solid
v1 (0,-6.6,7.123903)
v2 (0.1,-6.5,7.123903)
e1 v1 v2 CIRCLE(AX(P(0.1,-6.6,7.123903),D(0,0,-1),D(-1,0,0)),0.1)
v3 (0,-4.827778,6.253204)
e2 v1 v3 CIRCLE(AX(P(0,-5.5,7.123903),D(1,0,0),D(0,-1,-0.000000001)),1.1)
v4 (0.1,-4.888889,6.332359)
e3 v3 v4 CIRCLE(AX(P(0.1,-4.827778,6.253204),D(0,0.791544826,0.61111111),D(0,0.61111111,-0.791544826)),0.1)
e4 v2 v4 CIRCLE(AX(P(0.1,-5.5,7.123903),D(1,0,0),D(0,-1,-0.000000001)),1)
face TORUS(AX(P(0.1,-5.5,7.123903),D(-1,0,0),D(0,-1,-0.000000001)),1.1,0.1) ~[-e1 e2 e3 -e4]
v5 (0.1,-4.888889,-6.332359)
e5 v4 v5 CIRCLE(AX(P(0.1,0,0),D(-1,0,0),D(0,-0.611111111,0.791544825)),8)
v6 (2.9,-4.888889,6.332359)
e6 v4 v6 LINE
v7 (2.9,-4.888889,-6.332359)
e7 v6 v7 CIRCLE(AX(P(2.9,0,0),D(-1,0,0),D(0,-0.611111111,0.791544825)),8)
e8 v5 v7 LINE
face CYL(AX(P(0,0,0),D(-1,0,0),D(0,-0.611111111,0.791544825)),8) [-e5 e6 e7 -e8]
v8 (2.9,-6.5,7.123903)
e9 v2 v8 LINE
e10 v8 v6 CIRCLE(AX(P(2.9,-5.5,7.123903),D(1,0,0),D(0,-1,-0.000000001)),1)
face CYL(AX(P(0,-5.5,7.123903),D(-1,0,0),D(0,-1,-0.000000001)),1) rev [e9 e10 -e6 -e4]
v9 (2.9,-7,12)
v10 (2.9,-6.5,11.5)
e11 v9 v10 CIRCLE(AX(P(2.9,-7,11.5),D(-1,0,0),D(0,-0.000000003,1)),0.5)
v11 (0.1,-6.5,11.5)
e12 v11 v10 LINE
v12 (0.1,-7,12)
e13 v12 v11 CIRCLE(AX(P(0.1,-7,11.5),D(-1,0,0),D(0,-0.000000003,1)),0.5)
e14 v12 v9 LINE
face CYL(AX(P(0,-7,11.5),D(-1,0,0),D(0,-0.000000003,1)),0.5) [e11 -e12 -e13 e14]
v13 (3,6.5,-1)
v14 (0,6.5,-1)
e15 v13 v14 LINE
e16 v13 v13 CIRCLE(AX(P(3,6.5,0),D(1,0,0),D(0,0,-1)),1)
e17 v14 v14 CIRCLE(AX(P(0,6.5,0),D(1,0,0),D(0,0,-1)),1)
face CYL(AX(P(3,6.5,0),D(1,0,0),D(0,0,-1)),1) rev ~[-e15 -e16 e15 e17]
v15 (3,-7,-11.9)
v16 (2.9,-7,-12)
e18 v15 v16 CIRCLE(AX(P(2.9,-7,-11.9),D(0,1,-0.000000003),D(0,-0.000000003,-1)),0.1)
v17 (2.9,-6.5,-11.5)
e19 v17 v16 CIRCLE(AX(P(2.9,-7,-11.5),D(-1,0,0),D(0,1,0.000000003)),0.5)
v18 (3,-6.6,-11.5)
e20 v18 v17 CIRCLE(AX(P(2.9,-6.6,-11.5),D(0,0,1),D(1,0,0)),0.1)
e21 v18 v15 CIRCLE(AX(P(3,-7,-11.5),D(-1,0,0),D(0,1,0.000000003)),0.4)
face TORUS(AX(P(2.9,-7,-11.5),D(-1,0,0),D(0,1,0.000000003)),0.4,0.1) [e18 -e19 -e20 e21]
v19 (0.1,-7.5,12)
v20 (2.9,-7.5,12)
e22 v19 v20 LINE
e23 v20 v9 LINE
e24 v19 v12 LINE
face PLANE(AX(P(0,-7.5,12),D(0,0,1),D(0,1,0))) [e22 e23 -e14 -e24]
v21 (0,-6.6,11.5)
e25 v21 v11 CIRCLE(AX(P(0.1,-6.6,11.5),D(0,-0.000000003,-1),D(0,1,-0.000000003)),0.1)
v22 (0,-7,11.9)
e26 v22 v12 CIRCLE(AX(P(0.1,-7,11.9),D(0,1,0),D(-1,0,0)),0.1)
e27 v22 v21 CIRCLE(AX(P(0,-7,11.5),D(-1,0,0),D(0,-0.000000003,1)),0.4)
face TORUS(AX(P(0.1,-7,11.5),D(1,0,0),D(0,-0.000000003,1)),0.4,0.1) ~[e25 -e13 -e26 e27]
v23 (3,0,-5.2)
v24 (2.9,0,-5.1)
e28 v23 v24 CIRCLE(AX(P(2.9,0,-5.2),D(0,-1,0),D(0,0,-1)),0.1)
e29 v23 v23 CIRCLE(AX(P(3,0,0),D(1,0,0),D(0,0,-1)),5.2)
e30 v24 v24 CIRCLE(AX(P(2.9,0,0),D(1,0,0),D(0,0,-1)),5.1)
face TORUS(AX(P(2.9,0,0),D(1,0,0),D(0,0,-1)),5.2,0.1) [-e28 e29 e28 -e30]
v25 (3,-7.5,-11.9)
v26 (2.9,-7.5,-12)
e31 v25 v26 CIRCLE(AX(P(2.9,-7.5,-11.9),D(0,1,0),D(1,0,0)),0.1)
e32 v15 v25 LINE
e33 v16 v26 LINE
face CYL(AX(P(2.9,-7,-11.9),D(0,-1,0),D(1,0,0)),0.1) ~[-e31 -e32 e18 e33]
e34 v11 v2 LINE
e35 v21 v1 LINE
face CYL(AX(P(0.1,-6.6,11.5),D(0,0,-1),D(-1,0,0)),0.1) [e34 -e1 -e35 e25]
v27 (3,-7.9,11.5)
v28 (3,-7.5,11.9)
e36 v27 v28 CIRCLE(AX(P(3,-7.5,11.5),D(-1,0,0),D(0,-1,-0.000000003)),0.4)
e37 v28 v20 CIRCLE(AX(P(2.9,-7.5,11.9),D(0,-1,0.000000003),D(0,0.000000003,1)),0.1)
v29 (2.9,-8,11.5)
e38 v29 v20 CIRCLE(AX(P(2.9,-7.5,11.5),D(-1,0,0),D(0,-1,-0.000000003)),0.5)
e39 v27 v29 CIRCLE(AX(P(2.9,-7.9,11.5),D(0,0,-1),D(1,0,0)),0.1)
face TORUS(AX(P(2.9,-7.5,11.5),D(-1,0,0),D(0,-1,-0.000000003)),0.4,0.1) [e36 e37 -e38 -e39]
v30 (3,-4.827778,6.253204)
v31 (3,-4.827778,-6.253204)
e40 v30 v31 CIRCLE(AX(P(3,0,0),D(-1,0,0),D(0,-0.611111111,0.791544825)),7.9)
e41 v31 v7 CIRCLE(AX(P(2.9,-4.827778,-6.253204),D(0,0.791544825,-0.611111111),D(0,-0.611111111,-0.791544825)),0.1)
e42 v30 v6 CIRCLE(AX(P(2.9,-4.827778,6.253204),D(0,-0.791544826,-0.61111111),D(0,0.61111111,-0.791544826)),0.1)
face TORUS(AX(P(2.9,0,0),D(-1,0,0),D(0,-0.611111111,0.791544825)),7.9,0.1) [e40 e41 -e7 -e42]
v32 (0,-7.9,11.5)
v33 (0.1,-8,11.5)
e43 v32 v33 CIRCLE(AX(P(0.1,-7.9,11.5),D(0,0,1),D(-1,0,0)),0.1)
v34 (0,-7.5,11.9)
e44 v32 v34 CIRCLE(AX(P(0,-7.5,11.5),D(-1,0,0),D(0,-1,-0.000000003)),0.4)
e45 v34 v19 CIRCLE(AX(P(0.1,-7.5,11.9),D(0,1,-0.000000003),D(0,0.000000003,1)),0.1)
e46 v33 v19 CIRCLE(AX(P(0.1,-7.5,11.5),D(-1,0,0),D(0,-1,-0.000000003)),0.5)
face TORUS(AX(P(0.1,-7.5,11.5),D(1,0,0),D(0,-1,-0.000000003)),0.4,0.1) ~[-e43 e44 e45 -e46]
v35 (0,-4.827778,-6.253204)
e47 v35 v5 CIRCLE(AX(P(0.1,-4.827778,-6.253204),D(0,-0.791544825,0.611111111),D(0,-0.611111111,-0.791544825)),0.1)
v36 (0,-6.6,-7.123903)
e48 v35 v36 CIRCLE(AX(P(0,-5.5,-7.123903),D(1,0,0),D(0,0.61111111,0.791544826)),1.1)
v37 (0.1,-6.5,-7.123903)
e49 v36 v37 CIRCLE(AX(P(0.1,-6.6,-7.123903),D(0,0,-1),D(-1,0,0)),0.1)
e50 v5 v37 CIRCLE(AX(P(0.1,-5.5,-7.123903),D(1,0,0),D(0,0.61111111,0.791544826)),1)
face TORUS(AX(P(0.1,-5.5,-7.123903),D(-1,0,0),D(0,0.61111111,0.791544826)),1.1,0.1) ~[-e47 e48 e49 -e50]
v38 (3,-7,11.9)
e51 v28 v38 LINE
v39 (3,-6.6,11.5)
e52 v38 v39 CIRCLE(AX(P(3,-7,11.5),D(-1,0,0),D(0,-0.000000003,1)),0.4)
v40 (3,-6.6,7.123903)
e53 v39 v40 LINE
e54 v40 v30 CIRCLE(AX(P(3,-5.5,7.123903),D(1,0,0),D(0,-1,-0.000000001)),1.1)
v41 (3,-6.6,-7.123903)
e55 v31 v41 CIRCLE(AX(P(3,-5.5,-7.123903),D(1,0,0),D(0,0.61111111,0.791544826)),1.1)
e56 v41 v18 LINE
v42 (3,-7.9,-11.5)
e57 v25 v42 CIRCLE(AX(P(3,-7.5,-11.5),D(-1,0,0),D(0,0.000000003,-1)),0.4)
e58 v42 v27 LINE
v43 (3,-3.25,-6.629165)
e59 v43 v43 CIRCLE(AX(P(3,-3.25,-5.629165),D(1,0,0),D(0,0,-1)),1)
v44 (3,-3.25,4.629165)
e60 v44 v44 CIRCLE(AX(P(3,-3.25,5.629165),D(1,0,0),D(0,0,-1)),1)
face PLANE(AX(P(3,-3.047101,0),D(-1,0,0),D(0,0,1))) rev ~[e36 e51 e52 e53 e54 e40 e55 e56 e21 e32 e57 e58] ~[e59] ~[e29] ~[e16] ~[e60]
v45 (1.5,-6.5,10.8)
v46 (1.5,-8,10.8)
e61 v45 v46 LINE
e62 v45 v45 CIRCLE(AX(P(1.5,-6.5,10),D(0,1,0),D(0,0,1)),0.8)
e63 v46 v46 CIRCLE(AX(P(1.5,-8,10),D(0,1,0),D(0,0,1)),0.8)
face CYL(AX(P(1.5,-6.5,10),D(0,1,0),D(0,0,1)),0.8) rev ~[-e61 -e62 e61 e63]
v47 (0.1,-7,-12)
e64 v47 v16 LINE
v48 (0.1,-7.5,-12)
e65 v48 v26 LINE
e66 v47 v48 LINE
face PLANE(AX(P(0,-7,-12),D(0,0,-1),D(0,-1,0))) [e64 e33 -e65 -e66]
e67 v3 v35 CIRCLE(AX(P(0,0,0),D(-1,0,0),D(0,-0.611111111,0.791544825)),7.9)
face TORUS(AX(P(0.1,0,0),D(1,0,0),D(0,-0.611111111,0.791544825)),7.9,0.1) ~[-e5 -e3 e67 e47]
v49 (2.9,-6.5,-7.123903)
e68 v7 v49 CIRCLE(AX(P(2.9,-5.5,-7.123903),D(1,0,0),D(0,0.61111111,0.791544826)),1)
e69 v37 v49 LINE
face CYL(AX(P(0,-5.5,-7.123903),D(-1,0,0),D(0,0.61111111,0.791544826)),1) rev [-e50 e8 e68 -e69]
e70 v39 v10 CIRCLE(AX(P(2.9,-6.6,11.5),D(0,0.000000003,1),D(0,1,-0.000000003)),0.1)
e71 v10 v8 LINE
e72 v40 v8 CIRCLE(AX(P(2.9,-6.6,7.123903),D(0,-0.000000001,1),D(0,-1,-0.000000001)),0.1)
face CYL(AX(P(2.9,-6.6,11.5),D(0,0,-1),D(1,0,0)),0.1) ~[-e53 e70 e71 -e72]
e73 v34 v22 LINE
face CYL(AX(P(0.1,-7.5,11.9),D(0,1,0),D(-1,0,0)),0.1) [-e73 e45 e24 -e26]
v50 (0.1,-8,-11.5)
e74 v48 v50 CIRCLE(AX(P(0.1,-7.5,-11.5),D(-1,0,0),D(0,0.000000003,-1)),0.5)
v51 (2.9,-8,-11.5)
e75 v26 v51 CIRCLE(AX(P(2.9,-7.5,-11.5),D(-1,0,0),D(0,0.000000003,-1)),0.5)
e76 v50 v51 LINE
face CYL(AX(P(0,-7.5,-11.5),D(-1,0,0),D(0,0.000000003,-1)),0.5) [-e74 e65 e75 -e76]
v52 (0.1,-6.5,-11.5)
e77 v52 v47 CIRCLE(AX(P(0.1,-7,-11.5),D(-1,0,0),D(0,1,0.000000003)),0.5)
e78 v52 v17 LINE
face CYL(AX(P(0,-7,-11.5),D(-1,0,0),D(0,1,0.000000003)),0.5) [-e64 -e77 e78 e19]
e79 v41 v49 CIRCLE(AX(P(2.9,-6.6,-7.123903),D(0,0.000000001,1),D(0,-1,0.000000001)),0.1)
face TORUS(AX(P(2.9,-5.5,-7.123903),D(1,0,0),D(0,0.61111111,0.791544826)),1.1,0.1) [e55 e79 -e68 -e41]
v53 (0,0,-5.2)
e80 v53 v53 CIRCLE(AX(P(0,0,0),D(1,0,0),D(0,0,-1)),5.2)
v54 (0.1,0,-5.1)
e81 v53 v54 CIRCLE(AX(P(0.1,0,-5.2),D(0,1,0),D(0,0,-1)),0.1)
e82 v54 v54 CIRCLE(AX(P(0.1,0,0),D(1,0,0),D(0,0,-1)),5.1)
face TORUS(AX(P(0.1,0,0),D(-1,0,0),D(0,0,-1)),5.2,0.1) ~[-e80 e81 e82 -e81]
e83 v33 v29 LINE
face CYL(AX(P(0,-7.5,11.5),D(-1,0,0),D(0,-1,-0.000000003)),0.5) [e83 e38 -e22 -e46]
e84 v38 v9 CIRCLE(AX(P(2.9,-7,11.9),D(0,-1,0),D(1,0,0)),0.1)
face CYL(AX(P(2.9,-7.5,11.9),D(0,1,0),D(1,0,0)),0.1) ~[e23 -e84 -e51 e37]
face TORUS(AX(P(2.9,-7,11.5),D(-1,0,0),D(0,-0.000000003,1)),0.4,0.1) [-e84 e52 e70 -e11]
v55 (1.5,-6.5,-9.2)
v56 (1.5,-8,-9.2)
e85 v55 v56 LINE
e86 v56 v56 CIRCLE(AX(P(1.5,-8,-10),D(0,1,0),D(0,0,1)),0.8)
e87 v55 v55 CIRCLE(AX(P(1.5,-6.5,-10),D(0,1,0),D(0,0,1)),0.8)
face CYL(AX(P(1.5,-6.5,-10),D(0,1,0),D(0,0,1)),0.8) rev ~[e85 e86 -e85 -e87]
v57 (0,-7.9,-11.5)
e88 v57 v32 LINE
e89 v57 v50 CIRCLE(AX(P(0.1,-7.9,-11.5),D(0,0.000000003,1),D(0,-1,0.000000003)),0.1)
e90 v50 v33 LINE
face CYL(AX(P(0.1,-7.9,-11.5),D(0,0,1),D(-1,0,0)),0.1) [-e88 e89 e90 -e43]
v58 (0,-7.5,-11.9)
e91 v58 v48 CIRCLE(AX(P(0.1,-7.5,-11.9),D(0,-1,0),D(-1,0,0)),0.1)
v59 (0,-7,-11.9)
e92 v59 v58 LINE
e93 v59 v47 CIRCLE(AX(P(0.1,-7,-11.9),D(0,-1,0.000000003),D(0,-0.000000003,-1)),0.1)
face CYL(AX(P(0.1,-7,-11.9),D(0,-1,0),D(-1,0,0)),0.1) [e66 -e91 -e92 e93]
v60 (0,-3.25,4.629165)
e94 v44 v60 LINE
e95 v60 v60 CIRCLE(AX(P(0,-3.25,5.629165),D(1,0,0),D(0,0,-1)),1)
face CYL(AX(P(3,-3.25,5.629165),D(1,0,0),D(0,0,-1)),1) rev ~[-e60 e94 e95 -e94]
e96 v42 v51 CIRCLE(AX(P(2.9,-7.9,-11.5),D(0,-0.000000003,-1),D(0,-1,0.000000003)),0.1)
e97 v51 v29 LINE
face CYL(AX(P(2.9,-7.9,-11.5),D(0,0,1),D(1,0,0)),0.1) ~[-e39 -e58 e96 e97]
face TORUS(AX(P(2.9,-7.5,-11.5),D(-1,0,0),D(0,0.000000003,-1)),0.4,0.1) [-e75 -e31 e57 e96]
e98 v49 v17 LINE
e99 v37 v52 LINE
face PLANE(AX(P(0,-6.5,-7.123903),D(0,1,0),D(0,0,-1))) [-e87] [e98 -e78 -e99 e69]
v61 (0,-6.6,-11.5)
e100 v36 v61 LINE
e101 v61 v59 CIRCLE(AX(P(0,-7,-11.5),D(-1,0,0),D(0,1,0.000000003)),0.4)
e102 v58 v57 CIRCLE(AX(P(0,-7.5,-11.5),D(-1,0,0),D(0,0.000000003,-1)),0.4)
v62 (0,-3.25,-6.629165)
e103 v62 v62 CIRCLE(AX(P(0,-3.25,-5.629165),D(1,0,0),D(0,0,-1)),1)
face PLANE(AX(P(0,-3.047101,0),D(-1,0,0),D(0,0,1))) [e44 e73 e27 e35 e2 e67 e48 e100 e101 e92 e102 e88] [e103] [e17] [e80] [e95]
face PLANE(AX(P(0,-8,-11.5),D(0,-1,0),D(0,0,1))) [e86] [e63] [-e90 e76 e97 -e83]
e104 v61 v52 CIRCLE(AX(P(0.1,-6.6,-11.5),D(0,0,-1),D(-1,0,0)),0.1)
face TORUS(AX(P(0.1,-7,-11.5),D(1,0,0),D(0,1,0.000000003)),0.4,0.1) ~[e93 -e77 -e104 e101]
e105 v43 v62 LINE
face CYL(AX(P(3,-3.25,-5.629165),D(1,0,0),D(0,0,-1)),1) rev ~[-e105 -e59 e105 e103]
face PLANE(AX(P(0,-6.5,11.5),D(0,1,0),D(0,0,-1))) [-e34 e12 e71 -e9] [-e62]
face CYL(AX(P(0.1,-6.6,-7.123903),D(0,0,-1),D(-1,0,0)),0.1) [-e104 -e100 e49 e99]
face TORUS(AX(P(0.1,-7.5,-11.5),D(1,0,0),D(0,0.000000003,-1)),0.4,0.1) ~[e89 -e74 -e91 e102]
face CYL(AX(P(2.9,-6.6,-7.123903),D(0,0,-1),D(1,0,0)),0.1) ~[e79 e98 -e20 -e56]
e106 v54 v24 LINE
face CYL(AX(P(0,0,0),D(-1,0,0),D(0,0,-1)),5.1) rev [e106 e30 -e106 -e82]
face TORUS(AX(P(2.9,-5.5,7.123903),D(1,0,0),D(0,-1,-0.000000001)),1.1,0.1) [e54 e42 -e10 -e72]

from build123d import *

# Parameters (mm, degrees)
SKETCH_1_R          = 5.1
EXTRUDE_1_DEPTH     = 3
CUT_EXTRUDE_2_REACH = 21.059
SKETCH_5_R          = 0.8
FILLET_1_R          = 0.1
CUT_EXTRUDE_3_REACH = 16.731
SKETCH_6_R          = 1


with BuildPart() as part:
    # 草图1 → 凸台-拉伸1 (new body)
    with BuildSketch(Plane(origin=(0, 0, 0), x_dir=(0, 0, -1), z_dir=(1, 0, 0))):
        with BuildLine():
            Line((-11.5, -6.5), (-7.123903424, -6.5))
            ThreePointArc((-7.123903424, -6.5), (-6.226375957, -5.940958552), (-6.332358599, -4.888888889))
            ThreePointArc((-6.332358599, -4.888888889), (0, 8), (6.332358599, -4.888888889))
            ThreePointArc((6.332358599, -4.888888889), (6.226375957, -5.940958552), (7.123903424, -6.5))
            Line((7.123903424, -6.5), (11.5, -6.5))
            ThreePointArc((11.5, -6.5), (11.853553391, -6.646446609), (12, -7))
            Line((12, -7), (12, -7.5))
            ThreePointArc((12, -7.5), (11.853553391, -7.853553391), (11.5, -8))
            Line((11.5, -8), (-11.5, -8))
            ThreePointArc((-11.5, -8), (-11.853553391, -7.853553391), (-12, -7.5))
            Line((-12, -7.5), (-12, -7))
            ThreePointArc((-12, -7), (-11.853553391, -6.646446609), (-11.5, -6.5))
        make_face()
        Circle(SKETCH_1_R, mode=Mode.SUBTRACT)
    extrude(amount=EXTRUDE_1_DEPTH)

    # 草图5 → 切除-拉伸2 (cut, up to next)
    with BuildSketch(Plane(origin=(0, -6.5, 0), x_dir=(1, 0, 0), z_dir=(0, 1, 0)), mode=Mode.PRIVATE) as cut_extrude_2_sk1:
        with Locations(Location((1.5, -10, 0), (0, 0, 270))):
            Circle(SKETCH_5_R)
    cut_extrude_2_tool1 = extrude(cut_extrude_2_sk1.sketch, amount=-CUT_EXTRUDE_2_REACH, mode=Mode.PRIVATE) & part.part
    # 草图5 → 切除-拉伸2 (cut, up to next)
    with BuildSketch(Plane(origin=(0, -6.5, 0), x_dir=(1, 0, 0), z_dir=(0, 1, 0)), mode=Mode.PRIVATE) as cut_extrude_2_sk2:
        with Locations(Location((1.5, 10, 0), (0, 0, 270))):
            Circle(SKETCH_5_R)
    cut_extrude_2_tool2 = extrude(cut_extrude_2_sk2.sketch, amount=-CUT_EXTRUDE_2_REACH, mode=Mode.PRIVATE) & part.part
    add(cut_extrude_2_tool1.solids().sort_by_distance((1.5, -6.5, 10))[0], mode=Mode.SUBTRACT)
    add(cut_extrude_2_tool2.solids().sort_by_distance((1.5, -6.5, -10))[0], mode=Mode.SUBTRACT)

    # 圆角1
    fillet_1_edges = [part.edges().sort_by_distance(p)[0] for p in [
        (3, -5.940958552, 6.226375957),
        (0, -6.5, -9.311951712),
        (0, -6.646446609, -11.853553391),
        (0, -7.25, -12),
        (0, -7.853553391, -11.853553391),
        (0, -8, 0),
        (0, -7.853553391, 11.853553391),
        (3, -6.5, 9.311951712),
        (0, -7.25, 12),
        (0, -6.646446609, 11.853553391),
        (0, -6.5, 9.311951712),
        (0, -5.940958552, 6.226375957),
        (0, 8, 0),
        (0, -5.940958552, -6.226375957),
        (3, -6.646446609, 11.853553391),
        (3, -7.25, 12),
        (3, -7.853553391, 11.853553391),
        (3, -8, 0),
        (3, -7.853553391, -11.853553391),
        (0, 0, 5.1),
        (3, 0, 5.1),
        (3, -7.25, -12),
        (3, -6.646446609, -11.853553391),
        (3, -6.5, -9.311951712),
        (3, -5.940958552, -6.226375957),
        (3, 8, 0),
    ]]
    fillet(fillet_1_edges, radius=FILLET_1_R)

    # 草图6 → 切除-拉伸3 (cut, up to next)
    with BuildSketch(Plane(origin=(3, 0, 0), x_dir=(0, 0, -1), z_dir=(1, 0, 0)), mode=Mode.PRIVATE) as cut_extrude_3_sk1:
        with Locations((0, 6.5)):
            Circle(SKETCH_6_R)
    cut_extrude_3_tool1 = extrude(cut_extrude_3_sk1.sketch, amount=-CUT_EXTRUDE_3_REACH, mode=Mode.PRIVATE) & part.part
    # 草图6 → 切除-拉伸3 (cut, up to next)
    with BuildSketch(Plane(origin=(3, 0, 0), x_dir=(0, 0, -1), z_dir=(1, 0, 0)), mode=Mode.PRIVATE) as cut_extrude_3_sk2:
        with Locations((5.629165125, -3.25)):
            Circle(SKETCH_6_R)
    cut_extrude_3_tool2 = extrude(cut_extrude_3_sk2.sketch, amount=-CUT_EXTRUDE_3_REACH, mode=Mode.PRIVATE) & part.part
    # 草图6 → 切除-拉伸3 (cut, up to next)
    with BuildSketch(Plane(origin=(3, 0, 0), x_dir=(0, 0, -1), z_dir=(1, 0, 0)), mode=Mode.PRIVATE) as cut_extrude_3_sk3:
        with Locations((-5.629165125, -3.25)):
            Circle(SKETCH_6_R)
    cut_extrude_3_tool3 = extrude(cut_extrude_3_sk3.sketch, amount=-CUT_EXTRUDE_3_REACH, mode=Mode.PRIVATE) & part.part
    add(cut_extrude_3_tool1.solids().sort_by_distance((3, 6.5, 0))[0], mode=Mode.SUBTRACT)
    add(cut_extrude_3_tool2.solids().sort_by_distance((3, -3.25, -5.629165))[0], mode=Mode.SUBTRACT)
    add(cut_extrude_3_tool3.solids().sort_by_distance((3, -3.25, 5.629165))[0], mode=Mode.SUBTRACT)


solid = part.part
